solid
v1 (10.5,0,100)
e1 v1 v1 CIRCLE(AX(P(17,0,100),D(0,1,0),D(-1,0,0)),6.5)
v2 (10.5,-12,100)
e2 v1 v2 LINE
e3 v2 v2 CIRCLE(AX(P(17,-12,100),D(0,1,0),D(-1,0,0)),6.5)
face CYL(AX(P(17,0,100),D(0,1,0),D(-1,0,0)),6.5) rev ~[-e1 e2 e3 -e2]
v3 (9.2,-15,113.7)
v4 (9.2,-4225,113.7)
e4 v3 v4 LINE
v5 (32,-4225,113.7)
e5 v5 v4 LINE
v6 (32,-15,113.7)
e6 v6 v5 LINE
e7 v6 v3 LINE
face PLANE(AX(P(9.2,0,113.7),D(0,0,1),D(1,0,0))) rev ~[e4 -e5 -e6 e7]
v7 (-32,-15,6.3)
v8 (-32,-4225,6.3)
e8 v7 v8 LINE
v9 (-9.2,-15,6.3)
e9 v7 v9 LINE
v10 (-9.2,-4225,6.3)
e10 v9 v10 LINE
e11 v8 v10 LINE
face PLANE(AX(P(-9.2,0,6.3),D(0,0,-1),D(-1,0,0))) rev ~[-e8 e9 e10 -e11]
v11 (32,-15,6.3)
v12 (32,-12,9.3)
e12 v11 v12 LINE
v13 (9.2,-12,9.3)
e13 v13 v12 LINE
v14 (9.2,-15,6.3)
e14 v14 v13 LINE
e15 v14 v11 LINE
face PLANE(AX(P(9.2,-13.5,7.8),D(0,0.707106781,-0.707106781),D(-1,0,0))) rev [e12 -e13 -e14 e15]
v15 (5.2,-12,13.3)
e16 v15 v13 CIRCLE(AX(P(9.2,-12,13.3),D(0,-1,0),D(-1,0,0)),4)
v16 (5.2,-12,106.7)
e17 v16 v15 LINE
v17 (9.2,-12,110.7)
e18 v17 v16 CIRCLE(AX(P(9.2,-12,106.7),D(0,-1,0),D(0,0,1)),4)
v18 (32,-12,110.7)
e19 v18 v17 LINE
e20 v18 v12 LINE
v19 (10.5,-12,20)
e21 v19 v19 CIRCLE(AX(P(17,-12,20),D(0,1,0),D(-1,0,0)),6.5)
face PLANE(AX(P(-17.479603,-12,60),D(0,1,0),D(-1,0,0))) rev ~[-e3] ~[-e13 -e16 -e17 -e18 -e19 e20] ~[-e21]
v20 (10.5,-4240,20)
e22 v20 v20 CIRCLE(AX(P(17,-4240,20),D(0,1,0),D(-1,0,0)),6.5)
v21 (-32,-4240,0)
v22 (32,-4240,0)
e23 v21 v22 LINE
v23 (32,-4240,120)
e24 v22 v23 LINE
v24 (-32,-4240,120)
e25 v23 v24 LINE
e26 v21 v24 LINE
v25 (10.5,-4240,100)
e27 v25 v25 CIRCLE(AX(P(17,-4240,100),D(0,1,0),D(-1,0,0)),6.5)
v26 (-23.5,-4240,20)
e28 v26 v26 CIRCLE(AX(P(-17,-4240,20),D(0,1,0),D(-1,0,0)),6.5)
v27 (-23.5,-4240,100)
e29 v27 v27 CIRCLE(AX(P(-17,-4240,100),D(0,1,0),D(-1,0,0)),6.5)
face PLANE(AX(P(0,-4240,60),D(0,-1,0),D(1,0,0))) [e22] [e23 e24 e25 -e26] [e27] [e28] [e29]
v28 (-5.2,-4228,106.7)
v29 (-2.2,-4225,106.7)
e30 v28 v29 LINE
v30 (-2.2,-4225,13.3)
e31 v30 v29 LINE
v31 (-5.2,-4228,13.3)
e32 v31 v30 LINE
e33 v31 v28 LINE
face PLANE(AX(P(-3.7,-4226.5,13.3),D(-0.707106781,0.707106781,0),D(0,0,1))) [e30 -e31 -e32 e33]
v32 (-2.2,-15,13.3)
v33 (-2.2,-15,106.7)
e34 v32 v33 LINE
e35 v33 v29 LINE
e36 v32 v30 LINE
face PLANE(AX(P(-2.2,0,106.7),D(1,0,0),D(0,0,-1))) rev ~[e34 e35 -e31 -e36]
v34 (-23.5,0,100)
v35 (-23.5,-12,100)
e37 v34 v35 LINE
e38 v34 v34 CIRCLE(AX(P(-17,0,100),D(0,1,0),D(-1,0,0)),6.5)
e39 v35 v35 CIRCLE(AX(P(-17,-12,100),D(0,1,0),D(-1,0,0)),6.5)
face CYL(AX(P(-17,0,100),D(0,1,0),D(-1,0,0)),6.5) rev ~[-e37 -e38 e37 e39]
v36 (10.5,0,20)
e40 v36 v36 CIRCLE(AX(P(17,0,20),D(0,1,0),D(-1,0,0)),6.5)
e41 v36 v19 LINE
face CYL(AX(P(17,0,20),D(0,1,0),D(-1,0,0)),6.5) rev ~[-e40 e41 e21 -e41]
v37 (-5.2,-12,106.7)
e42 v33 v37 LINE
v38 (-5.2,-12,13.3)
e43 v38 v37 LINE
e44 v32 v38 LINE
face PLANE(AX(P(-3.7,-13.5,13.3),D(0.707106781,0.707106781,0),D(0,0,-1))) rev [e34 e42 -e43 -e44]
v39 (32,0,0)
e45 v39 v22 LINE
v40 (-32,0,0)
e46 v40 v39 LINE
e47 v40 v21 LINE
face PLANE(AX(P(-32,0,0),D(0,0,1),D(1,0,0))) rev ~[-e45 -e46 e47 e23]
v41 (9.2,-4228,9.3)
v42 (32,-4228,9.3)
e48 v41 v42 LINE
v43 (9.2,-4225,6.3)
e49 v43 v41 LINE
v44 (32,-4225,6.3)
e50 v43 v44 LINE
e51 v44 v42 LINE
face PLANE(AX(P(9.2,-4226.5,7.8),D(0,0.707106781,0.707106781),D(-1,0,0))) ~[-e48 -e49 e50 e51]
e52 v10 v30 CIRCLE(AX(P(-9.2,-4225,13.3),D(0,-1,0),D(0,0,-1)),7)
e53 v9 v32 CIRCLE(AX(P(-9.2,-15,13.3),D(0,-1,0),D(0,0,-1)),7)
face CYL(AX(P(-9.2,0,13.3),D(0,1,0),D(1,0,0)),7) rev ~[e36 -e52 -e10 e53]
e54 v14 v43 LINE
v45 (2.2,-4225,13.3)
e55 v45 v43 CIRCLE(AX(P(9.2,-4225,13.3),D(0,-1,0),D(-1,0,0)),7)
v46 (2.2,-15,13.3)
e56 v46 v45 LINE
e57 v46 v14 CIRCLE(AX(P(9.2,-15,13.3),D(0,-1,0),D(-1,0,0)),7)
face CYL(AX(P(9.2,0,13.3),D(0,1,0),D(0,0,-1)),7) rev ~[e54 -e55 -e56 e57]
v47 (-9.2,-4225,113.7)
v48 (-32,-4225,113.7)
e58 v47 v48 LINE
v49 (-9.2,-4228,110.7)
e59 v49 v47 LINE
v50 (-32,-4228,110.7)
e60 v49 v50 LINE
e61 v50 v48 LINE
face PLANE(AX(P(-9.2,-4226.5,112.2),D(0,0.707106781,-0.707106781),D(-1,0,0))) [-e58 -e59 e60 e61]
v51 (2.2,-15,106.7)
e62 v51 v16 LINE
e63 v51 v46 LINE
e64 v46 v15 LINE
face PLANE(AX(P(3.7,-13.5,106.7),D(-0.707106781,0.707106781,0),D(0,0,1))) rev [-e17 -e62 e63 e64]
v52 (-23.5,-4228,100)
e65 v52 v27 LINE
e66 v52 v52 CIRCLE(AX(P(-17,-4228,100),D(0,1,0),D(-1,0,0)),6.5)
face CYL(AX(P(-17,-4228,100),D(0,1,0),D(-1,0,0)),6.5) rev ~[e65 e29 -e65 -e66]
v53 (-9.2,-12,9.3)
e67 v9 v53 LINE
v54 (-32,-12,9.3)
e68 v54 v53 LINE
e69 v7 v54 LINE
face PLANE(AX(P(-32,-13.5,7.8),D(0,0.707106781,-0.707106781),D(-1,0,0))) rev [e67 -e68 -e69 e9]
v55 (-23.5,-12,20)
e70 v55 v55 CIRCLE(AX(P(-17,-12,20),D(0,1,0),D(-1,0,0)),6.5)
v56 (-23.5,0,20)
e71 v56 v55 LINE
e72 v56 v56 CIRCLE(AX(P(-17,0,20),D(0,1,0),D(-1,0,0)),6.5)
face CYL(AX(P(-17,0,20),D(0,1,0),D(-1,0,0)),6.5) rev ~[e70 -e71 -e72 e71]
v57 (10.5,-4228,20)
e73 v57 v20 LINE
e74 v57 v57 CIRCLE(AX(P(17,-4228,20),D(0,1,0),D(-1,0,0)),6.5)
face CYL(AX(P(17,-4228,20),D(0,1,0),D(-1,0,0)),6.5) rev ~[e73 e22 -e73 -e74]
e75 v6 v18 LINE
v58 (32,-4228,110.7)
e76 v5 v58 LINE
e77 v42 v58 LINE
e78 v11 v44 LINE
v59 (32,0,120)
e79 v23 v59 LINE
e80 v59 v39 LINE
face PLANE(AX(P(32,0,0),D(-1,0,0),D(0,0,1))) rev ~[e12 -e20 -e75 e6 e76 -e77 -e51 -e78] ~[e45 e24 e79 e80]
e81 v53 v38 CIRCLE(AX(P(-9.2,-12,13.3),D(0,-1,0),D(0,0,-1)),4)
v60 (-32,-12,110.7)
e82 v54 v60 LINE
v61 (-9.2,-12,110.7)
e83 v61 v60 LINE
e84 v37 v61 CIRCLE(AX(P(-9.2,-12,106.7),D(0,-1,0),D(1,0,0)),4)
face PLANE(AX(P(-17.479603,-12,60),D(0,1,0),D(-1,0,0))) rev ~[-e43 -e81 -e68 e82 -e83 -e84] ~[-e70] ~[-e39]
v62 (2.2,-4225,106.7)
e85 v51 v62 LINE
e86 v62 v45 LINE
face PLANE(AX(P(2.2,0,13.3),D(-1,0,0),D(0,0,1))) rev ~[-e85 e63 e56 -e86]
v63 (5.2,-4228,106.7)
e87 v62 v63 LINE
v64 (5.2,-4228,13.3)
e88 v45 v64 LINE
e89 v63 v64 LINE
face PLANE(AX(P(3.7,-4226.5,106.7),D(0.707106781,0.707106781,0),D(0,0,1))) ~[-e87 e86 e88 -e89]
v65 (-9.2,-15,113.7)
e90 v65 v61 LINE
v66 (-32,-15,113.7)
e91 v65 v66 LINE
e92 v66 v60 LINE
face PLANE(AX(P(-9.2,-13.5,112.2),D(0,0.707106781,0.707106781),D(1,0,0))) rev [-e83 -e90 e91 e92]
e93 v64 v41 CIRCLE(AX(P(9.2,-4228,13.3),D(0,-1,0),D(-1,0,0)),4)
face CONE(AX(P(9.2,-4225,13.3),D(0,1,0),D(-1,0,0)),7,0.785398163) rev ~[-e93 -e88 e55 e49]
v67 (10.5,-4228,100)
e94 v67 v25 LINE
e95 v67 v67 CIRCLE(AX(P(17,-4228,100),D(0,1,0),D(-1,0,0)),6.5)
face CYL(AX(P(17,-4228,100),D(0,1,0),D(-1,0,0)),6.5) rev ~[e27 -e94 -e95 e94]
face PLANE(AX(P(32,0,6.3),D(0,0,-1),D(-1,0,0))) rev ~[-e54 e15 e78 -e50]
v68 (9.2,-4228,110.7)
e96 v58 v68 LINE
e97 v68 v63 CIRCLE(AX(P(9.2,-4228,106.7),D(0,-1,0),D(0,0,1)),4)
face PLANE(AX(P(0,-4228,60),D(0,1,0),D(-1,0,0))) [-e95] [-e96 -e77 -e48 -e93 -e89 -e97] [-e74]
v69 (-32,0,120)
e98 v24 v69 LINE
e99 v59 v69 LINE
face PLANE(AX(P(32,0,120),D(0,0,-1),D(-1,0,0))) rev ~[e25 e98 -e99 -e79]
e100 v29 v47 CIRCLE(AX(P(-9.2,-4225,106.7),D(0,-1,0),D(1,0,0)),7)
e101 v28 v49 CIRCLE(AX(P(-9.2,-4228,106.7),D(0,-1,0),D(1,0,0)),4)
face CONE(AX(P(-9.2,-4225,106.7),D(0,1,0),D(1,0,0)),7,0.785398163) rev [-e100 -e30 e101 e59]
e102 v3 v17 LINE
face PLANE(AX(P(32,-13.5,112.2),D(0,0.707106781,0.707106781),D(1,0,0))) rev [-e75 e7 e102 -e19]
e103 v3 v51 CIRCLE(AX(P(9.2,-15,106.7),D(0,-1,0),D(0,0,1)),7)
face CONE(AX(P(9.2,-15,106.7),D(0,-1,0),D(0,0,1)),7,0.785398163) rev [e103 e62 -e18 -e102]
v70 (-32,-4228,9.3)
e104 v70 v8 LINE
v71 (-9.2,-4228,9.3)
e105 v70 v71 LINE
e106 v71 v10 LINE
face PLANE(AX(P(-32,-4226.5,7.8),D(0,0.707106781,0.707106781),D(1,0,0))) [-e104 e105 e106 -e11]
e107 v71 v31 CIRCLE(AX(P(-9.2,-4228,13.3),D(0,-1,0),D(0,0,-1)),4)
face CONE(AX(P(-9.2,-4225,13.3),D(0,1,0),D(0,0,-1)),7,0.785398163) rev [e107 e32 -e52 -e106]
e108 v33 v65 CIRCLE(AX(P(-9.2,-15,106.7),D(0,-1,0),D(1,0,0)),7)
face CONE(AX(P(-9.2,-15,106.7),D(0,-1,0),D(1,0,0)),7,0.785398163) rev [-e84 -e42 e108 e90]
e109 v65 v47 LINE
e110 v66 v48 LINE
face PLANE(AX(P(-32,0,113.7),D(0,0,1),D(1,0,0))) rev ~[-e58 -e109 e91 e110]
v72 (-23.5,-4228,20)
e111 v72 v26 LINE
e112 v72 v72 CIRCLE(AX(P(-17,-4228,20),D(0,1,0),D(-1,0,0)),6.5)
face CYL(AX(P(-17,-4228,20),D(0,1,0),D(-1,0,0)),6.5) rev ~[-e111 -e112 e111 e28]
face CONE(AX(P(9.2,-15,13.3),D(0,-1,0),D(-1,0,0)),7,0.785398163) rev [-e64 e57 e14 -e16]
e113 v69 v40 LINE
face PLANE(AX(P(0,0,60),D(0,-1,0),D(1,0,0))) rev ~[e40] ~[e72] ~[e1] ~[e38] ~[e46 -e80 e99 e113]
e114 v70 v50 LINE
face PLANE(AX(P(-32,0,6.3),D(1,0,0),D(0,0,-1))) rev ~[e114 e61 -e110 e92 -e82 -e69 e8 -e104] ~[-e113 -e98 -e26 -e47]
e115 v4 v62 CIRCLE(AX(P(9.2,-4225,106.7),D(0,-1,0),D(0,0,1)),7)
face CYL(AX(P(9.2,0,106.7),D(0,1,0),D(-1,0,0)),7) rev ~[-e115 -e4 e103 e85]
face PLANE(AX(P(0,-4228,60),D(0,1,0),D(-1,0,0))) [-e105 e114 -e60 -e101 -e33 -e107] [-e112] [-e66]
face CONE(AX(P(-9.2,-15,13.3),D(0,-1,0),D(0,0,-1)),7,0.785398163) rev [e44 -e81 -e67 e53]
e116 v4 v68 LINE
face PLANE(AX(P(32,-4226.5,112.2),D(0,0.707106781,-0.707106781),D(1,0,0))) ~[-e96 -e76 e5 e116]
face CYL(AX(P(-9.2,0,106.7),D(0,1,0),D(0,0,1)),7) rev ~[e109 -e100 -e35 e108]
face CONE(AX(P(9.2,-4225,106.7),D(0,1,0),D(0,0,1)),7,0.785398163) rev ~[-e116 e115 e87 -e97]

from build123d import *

# Parameters (mm, degrees)
F2_DEPTH = 4240
F3_R     = 6.5
F4_DEPTH = 12
F5_SIZE  = 3
F6_SIZE  = 3
F7_START = -4228
F3_W     = 64
F3_H     = 120
F7_DEPTH = 12
F8_SIZE  = 3
F9_SIZE  = 3


with BuildPart() as f2:
    # F0 (on Front) → F2 (new body)
    with BuildSketch(Plane.XZ):
        with BuildLine():
            Line((-32, 6.3), (-32, 0))
            Line((-32, 0), (32, 0))
            Line((32, 0), (32, 6.3))
            Line((32, 6.3), (9.2, 6.3))
            ThreePointArc((9.2, 6.3), (4.2502525317, 8.3502525317), (2.2, 13.3))
            Line((2.2, 13.3), (2.2, 106.7))
            ThreePointArc((2.2, 106.7), (4.2502525317, 111.6497474683), (9.2, 113.7))
            Line((9.2, 113.7), (32, 113.7))
            Line((32, 113.7), (32, 120))
            Line((32, 120), (-32, 120))
            Line((-32, 120), (-32, 113.7))
            Line((-32, 113.7), (-9.2, 113.7))
            ThreePointArc((-9.2, 113.7), (-4.2502525317, 111.6497474683), (-2.2, 106.7))
            Line((-2.2, 106.7), (-2.2, 13.3))
            ThreePointArc((-2.2, 13.3), (-4.2502525317, 8.3502525317), (-9.2, 6.3))
            Line((-9.2, 6.3), (-32, 6.3))
        make_face()
    extrude(amount=F2_DEPTH)

    # F3 (on face) → F4 (join)
    with BuildSketch(Plane(origin=(0, 0, 0), x_dir=(-1, 0, 0), z_dir=(0, 1, 0))):
        with BuildLine():
            Line((9.2, 6.3), (32, 6.3))
            Line((32, 6.3), (32, 113.7))
            Line((32, 113.7), (9.2, 113.7))
            ThreePointArc((9.2, 113.7), (4.2502525317, 111.6497474683), (2.2, 106.7))
            Line((2.2, 106.7), (2.2, 13.3))
            ThreePointArc((2.2, 13.3), (4.2502525317, 8.3502525317), (9.2, 6.3))
        make_face()
        with Locations((17, 20)):
            Circle(F3_R, mode=Mode.SUBTRACT)
        with Locations((17, 100)):
            Circle(F3_R, mode=Mode.SUBTRACT)
        with BuildLine():
            Line((-32, 113.7), (-32, 6.3))
            Line((-32, 6.3), (-9.2, 6.3))
            ThreePointArc((-9.2, 6.3), (-4.2502525317, 8.3502525317), (-2.2, 13.3))
            Line((-2.2, 13.3), (-2.2, 106.7))
            ThreePointArc((-2.2, 106.7), (-4.2502525317, 111.6497474683), (-9.2, 113.7))
            Line((-9.2, 113.7), (-32, 113.7))
        make_face()
        with Locations((-17, 20)):
            Circle(F3_R, mode=Mode.SUBTRACT)
        with Locations((-17, 100)):
            Circle(F3_R, mode=Mode.SUBTRACT)
        with BuildLine():
            Line((-32, 6.3), (-32, 0))
            Line((-32, 0), (32, 0))
            Line((32, 0), (32, 6.3))
            Line((32, 6.3), (9.2, 6.3))
            ThreePointArc((9.2, 6.3), (4.2502525317, 8.3502525317), (2.2, 13.3))
            Line((2.2, 13.3), (2.2, 106.7))
            ThreePointArc((2.2, 106.7), (4.2502525317, 111.6497474683), (9.2, 113.7))
            Line((9.2, 113.7), (32, 113.7))
            Line((32, 113.7), (32, 120))
            Line((32, 120), (-32, 120))
            Line((-32, 120), (-32, 113.7))
            Line((-32, 113.7), (-9.2, 113.7))
            ThreePointArc((-9.2, 113.7), (-4.2502525317, 111.6497474683), (-2.2, 106.7))
            Line((-2.2, 106.7), (-2.2, 13.3))
            ThreePointArc((-2.2, 13.3), (-4.2502525317, 8.3502525317), (-9.2, 6.3))
            Line((-9.2, 6.3), (-32, 6.3))
        make_face()
    extrude(amount=-F4_DEPTH)

    # F5
    f5_edges = [f2.edges().sort_by_distance(p)[0] for p in [
        (20.6, -12, 113.7),
        (4.250253, -12, 111.649747),
        (2.2, -12, 60),
        (4.250253, -12, 8.350253),
        (20.6, -12, 6.3),
    ]]
    chamfer(f5_edges, length=F5_SIZE)

    # F6
    f6_edges = [f2.edges().sort_by_distance(p)[0] for p in [
        (-20.6, -12, 6.3),
        (-4.250253, -12, 8.350253),
        (-2.2, -12, 60),
        (-4.250253, -12, 111.649747),
        (-20.6, -12, 113.7),
    ]]
    chamfer(f6_edges, length=F6_SIZE)

    # F3 (on face) → F7 (join)
    with BuildSketch(Plane(origin=(0, 0, 0), x_dir=(-1, 0, 0), z_dir=(0, 1, 0)).offset(F7_START)):
        with Locations((0, 60)):
            Rectangle(F3_W, F3_H)
        with Locations((-17, 20)):
            Circle(F3_R, mode=Mode.SUBTRACT)
        with Locations((17, 20)):
            Circle(F3_R, mode=Mode.SUBTRACT)
        with Locations((-17, 100)):
            Circle(F3_R, mode=Mode.SUBTRACT)
        with Locations((17, 100)):
            Circle(F3_R, mode=Mode.SUBTRACT)
    extrude(amount=-F7_DEPTH)

    # F8
    f8_edges = [f2.edges().sort_by_distance(p)[0] for p in [
        (20.6, -4228, 113.7),
        (4.250253, -4228, 111.649747),
        (2.2, -4228, 60),
        (4.250253, -4228, 8.350253),
        (20.6, -4228, 6.3),
    ]]
    chamfer(f8_edges, length=F8_SIZE)

    # F9
    f9_edges = [f2.edges().sort_by_distance(p)[0] for p in [
        (-20.6, -4228, 113.7),
        (-4.250253, -4228, 111.649747),
        (-2.2, -4228, 60),
        (-4.250253, -4228, 8.350253),
        (-20.6, -4228, 6.3),
    ]]
    chamfer(f9_edges, length=F9_SIZE)


solid = f2.part
